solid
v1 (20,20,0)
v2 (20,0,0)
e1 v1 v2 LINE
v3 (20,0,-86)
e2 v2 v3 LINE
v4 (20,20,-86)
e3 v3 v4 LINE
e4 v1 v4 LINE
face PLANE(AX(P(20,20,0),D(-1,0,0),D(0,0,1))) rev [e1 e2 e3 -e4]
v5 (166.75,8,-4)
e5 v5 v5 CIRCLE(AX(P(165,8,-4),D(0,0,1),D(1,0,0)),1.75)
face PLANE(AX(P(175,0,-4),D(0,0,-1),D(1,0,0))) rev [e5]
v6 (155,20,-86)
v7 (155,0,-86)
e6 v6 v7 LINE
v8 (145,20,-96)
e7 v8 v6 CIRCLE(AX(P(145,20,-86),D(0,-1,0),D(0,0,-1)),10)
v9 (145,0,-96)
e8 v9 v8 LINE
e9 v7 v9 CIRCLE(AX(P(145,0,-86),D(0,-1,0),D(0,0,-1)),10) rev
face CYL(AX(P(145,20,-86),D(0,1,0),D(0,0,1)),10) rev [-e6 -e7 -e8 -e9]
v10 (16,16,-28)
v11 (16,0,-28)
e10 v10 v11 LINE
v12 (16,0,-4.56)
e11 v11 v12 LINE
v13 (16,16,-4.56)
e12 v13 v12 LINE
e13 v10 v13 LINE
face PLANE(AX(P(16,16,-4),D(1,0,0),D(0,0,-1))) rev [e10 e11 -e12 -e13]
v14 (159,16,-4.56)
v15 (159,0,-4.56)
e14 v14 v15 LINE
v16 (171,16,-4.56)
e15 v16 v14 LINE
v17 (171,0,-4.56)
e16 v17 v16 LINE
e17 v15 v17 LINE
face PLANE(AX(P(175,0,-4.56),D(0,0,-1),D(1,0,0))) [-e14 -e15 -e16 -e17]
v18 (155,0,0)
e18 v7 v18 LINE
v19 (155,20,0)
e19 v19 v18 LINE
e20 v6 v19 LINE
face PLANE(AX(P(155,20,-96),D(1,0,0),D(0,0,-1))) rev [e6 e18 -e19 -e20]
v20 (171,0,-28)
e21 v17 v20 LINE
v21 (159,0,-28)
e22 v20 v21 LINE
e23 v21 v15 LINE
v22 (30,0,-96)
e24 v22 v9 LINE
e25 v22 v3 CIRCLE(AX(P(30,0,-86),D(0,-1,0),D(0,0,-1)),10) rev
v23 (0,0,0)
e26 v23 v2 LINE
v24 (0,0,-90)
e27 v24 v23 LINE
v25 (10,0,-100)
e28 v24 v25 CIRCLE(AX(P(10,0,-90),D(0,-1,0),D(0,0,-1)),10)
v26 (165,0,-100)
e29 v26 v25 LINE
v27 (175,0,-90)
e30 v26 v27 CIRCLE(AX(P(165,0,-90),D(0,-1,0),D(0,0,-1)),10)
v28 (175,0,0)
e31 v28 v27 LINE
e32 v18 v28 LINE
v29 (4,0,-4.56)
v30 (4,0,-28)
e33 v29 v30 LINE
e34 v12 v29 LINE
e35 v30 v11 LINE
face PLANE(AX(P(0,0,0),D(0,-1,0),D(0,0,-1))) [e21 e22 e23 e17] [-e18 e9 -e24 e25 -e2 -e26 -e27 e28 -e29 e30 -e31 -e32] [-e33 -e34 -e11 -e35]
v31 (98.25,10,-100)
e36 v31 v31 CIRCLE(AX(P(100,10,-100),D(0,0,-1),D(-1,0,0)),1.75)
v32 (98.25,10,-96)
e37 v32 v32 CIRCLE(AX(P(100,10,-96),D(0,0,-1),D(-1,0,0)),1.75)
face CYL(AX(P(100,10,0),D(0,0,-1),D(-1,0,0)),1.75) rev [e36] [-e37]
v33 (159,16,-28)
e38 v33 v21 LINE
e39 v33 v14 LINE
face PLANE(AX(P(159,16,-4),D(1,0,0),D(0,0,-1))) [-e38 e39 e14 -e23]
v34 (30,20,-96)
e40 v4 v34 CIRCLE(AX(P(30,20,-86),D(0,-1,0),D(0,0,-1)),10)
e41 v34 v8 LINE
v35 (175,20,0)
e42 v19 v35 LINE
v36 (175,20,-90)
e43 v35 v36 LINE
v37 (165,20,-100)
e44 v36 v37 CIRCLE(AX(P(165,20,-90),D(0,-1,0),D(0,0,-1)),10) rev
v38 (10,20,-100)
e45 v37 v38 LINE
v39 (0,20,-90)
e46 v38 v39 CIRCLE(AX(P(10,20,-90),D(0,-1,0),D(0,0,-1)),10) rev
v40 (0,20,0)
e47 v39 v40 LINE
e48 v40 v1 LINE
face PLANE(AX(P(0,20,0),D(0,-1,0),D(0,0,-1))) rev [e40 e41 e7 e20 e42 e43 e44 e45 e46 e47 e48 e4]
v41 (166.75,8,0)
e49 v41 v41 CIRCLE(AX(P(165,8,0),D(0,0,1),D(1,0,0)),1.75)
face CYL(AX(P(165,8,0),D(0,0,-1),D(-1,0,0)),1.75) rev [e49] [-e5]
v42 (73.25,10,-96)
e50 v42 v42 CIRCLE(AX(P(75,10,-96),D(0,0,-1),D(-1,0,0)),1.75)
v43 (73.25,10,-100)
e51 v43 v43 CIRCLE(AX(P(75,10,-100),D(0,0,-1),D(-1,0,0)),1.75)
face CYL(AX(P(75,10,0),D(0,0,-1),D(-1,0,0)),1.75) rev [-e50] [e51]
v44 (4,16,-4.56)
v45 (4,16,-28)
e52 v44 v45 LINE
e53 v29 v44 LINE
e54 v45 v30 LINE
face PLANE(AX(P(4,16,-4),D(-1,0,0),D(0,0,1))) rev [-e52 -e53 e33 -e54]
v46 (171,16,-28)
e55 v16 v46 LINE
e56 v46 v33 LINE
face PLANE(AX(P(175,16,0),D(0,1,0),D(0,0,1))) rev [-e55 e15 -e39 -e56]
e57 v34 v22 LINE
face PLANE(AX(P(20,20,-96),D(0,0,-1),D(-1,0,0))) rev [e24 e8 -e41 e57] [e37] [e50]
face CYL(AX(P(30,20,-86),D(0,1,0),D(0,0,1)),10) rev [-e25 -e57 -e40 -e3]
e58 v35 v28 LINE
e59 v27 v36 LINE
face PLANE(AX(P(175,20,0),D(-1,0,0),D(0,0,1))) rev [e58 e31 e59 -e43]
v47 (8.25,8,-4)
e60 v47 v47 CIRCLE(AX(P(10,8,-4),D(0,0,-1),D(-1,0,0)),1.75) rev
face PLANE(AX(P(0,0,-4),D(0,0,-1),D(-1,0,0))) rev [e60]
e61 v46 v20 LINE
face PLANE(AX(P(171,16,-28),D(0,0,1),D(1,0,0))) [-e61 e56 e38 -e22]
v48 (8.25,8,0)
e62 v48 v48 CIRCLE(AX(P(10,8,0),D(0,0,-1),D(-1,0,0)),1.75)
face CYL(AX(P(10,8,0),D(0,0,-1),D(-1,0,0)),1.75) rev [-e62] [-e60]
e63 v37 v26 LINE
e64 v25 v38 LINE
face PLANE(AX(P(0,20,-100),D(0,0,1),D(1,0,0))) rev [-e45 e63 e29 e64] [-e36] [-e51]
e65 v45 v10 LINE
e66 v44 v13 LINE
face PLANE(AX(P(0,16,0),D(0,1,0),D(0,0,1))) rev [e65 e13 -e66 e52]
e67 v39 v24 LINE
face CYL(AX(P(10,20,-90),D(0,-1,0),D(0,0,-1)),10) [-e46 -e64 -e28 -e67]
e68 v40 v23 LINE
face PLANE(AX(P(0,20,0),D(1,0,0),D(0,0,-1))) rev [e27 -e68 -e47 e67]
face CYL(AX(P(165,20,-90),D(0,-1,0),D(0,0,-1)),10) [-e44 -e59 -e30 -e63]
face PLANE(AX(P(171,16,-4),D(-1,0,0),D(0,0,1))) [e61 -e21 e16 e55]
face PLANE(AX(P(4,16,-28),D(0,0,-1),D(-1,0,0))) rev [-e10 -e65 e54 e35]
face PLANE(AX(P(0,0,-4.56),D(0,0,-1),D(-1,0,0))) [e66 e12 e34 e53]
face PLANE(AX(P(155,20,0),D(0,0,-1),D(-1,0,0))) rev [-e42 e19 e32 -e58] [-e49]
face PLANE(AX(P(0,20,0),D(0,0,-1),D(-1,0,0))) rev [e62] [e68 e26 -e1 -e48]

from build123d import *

# Parameters (mm, degrees)
BOSS_EXTRUDE1_DEPTH = 20
FILLET1_R           = 10
SKETCH2_R           = 1.75
CUT_EXTRUDE1_DEPTH  = 203.546291005
SKETCH3_W           = 12
SKETCH3_H           = 24
CUT_EXTRUDE2_DEPTH  = 16
SKETCH4_R           = 1.75
CUT_EXTRUDE3_DEPTH  = 201.601595208
SKETCH6_W           = 12
SKETCH6_H           = 16
BOSS_EXTRUDE2_DEPTH = 0.56


with BuildPart() as part:
    # Sketch1 → Boss-Extrude1 (new body)
    with BuildSketch(Plane(origin=(0, 0, 0), x_dir=(1, 0, 0), z_dir=(0, 1, 0))):
        Polygon((0, 0), (20, 0), (20, 96), (155, 96), (155, 0), (175, 0), (175, 100), (0, 100), align=None)
    extrude(amount=BOSS_EXTRUDE1_DEPTH)

    # Fillet1
    fillet1_edges = [part.edges().sort_by_distance(p)[0] for p in [
        (0, 10, -100),
        (175, 10, -100),
        (155, 10, -96),
        (20, 10, -96),
    ]]
    fillet(fillet1_edges, radius=FILLET1_R)

    # Sketch2 → Cut-Extrude1 (cut, through all)
    with BuildSketch(Plane(origin=(0, 0, -100), x_dir=(-1, 0, 0), z_dir=(0, 0, -1))):
        with Locations((-100, 10)):
            Circle(SKETCH2_R)
        with Locations((-75, 10)):
            Circle(SKETCH2_R)
    extrude(amount=-CUT_EXTRUDE1_DEPTH, mode=Mode.SUBTRACT)

    # Sketch3 → Cut-Extrude2 (cut)
    with BuildSketch(Plane.XZ):
        with Locations((10, -16)):
            Rectangle(SKETCH3_W, SKETCH3_H)
    cut_extrude2 = extrude(amount=-CUT_EXTRUDE2_DEPTH, mode=Mode.SUBTRACT)

    # Sketch4 → Cut-Extrude3 (cut, through all)
    with BuildSketch(Plane(origin=(0, 0, -4), x_dir=(-1, 0, 0), z_dir=(0, 0, -1))):
        with Locations((-10, 8)):
            Circle(SKETCH4_R)
    cut_extrude3 = extrude(amount=-CUT_EXTRUDE3_DEPTH, mode=Mode.SUBTRACT)

    # Mirror1: Cut-Extrude2, Cut-Extrude3 across plane
    add(cut_extrude2.mirror(Plane(origin=(87.5, 0, 0), x_dir=(0, 0, 1), z_dir=(1, 0, 0))), mode=Mode.SUBTRACT)
    add(cut_extrude3.mirror(Plane(origin=(87.5, 0, 0), x_dir=(0, 0, 1), z_dir=(1, 0, 0))), mode=Mode.SUBTRACT)

    # Sketch6 → Boss-Extrude2 (add)
    with BuildSketch(Plane(origin=(0, 0, -4), x_dir=(-1, 0, 0), z_dir=(0, 0, -1))):
        with Locations((-10, 8)):
            Rectangle(SKETCH6_W, SKETCH6_H)
    boss_extrude2 = extrude(amount=BOSS_EXTRUDE2_DEPTH)

    # Mirror2: Boss-Extrude2 across plane
    add(boss_extrude2.mirror(Plane(origin=(87.5, 0, 0), x_dir=(0, 0, 1), z_dir=(1, 0, 0))))


solid = part.part
